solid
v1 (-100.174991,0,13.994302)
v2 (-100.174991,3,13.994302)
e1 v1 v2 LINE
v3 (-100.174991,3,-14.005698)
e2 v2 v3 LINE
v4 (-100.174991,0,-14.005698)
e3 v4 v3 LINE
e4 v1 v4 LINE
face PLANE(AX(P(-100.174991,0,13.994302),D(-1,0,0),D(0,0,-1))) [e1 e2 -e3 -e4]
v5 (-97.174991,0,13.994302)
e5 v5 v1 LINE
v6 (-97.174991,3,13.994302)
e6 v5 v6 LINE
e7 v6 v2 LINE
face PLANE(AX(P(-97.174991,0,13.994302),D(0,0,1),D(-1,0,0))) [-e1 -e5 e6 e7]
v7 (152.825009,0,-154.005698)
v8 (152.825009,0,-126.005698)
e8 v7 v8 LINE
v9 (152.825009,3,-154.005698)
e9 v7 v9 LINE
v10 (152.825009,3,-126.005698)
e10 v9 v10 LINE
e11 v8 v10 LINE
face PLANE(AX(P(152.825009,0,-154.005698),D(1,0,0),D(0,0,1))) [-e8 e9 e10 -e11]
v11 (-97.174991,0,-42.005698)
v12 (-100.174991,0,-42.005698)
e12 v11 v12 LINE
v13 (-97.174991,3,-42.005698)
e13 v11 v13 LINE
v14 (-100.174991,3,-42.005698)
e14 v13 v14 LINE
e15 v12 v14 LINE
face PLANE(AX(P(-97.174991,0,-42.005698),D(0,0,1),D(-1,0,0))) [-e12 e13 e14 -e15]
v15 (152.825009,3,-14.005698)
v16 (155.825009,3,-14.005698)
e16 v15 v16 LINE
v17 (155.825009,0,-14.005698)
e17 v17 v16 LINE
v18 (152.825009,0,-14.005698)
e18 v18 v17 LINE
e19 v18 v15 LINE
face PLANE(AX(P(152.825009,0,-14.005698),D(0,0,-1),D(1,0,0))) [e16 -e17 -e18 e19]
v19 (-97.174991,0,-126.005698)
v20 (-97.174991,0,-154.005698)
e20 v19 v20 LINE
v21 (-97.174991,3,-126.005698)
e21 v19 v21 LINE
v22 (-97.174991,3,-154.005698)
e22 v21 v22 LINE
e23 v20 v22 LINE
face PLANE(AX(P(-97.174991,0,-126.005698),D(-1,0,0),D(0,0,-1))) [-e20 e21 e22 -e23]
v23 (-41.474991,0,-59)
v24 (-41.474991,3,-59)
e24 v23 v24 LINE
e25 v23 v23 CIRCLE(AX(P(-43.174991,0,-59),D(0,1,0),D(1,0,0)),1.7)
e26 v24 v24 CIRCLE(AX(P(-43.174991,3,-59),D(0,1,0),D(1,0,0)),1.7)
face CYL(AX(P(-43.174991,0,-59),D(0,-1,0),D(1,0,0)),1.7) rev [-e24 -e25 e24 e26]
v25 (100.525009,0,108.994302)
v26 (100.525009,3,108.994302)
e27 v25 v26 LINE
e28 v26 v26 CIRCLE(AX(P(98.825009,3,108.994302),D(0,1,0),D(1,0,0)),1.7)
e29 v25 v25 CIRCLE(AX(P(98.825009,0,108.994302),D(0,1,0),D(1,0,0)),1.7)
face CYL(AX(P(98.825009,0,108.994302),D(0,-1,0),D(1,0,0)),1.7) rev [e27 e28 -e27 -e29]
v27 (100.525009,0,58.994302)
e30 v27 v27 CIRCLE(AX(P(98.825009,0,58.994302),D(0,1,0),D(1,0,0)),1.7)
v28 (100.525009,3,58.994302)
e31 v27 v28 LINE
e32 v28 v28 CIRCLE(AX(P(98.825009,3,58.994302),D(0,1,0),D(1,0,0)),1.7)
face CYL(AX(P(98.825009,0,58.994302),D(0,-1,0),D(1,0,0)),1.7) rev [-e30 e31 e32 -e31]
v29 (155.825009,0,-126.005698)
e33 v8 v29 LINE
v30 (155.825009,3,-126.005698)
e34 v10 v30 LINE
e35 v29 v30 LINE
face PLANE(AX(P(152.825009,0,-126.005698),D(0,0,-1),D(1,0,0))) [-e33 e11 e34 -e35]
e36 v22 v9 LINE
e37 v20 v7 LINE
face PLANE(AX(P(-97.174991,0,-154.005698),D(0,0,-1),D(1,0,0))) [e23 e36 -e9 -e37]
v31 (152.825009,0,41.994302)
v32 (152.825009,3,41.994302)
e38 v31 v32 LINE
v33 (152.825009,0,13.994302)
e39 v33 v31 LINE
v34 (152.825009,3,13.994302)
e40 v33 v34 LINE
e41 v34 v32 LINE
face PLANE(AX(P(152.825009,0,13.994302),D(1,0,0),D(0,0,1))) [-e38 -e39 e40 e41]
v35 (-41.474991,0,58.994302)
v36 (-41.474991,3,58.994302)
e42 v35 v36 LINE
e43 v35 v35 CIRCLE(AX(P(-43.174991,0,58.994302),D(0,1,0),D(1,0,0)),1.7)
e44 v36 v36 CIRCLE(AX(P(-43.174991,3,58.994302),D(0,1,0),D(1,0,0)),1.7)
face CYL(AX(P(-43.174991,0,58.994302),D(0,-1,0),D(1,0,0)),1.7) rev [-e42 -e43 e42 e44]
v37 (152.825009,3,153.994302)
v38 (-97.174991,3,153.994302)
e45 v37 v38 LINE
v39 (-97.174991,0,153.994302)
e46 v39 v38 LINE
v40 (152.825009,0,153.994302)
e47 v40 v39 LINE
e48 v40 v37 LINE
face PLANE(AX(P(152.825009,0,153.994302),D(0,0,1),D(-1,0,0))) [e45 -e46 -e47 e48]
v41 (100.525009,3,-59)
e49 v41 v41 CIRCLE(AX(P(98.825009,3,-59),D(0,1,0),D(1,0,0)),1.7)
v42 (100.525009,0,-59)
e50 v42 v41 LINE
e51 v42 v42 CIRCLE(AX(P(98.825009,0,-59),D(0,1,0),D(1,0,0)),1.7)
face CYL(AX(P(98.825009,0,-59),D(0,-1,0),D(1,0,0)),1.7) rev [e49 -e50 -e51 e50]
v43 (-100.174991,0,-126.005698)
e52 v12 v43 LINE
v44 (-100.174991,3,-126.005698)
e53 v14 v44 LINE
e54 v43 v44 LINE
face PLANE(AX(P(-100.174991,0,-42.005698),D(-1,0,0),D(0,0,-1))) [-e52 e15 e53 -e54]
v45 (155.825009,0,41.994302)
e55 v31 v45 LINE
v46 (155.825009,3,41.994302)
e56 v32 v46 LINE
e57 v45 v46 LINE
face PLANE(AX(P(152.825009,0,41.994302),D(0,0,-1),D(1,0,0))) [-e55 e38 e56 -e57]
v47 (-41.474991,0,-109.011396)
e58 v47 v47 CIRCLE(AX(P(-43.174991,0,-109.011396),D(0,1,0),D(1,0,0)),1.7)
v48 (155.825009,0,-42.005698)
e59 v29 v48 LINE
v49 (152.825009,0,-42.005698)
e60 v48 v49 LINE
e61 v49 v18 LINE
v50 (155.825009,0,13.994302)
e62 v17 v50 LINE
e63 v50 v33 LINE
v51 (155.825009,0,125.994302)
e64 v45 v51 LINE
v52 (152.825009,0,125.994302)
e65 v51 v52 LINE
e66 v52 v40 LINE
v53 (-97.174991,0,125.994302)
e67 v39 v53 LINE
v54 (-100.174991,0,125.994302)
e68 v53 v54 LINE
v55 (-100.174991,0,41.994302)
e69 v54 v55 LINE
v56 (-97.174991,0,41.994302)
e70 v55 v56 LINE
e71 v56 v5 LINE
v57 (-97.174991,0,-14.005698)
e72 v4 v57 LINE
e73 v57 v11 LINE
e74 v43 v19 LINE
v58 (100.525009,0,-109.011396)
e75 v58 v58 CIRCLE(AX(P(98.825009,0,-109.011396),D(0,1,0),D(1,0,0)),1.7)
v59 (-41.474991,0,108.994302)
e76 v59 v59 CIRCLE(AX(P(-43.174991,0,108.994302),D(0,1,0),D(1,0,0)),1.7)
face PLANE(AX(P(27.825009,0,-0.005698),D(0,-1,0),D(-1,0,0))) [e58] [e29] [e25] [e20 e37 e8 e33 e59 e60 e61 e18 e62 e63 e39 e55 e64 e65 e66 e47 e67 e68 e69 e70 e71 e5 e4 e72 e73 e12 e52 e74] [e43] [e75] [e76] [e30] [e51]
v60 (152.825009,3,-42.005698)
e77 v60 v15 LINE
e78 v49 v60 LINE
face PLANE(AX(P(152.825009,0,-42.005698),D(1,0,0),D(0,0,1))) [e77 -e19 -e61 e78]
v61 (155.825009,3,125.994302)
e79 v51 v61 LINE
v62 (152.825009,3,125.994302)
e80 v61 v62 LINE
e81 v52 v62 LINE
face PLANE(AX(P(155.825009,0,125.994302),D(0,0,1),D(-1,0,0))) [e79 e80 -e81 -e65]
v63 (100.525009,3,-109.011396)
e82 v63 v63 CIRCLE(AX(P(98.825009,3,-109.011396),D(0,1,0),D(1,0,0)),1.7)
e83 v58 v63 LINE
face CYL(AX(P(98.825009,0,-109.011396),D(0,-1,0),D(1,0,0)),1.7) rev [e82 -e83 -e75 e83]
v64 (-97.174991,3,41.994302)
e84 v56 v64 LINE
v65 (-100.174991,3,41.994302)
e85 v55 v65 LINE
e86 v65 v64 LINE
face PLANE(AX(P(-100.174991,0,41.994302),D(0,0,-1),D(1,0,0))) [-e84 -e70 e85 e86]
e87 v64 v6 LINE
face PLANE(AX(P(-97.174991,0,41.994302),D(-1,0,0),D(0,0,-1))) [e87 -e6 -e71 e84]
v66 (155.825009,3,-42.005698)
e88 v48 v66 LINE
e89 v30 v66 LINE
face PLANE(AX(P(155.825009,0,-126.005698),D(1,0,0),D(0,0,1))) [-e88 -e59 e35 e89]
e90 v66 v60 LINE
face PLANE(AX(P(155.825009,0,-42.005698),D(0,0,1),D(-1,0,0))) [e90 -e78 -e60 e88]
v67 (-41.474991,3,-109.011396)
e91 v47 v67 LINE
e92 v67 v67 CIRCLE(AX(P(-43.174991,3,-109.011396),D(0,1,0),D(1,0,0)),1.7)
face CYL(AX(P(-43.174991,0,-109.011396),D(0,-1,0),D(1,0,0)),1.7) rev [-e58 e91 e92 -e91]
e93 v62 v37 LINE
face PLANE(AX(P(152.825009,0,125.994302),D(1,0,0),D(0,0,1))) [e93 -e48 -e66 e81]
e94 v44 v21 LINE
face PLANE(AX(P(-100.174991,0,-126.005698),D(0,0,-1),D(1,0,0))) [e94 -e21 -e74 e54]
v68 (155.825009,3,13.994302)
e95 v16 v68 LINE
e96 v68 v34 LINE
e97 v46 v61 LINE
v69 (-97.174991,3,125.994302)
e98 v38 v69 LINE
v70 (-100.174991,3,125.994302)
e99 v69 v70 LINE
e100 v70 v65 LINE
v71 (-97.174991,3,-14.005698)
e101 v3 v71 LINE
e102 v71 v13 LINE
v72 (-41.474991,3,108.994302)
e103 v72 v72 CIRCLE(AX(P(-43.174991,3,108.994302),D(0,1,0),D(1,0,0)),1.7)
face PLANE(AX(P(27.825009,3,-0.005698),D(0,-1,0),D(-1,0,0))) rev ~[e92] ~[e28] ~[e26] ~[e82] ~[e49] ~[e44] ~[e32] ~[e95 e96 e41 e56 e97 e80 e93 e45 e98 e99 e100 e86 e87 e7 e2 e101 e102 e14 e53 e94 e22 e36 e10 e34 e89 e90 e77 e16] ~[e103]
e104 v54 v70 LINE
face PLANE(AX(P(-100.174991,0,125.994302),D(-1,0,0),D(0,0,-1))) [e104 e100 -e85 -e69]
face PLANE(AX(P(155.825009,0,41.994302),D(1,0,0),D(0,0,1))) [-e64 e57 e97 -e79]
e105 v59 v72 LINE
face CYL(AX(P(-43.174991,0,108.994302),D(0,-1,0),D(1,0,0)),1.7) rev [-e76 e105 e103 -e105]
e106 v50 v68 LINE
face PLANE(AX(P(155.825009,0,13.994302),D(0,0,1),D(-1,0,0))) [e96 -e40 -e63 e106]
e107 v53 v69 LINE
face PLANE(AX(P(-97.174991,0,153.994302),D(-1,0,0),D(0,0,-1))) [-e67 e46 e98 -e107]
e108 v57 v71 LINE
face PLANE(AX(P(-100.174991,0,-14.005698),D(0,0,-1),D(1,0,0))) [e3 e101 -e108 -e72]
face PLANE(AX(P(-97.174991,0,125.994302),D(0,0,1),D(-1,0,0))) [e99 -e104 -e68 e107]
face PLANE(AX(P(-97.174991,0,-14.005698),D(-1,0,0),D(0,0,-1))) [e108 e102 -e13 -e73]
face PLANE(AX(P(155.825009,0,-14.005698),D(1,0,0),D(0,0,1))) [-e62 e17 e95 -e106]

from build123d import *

# Parameters (mm, degrees)
CROQUIS1_R              = 1.7
SALIENTE_EXTRUIR1_DEPTH = 3


with BuildPart() as part:
    # Croquis1 → Saliente-Extruir1 (new body)
    with BuildSketch(Plane(origin=(0, 0, 0), x_dir=(1, 0, 0), z_dir=(0, 1, 0))):
        Polygon((-97.174990899, 154.00569786), (152.825009101, 154.00569786), (152.825009101, 126.00569786), (155.825009101, 126.00569786), (155.825009101, 42.00569786), (152.825009101, 42.00569786), (152.825009101, 14.00569786), (155.825009101, 14.00569786), (155.825009101, -13.99430214), (152.825009101, -13.99430214), (152.825009101, -41.99430214), (155.825009101, -41.99430214), (155.825009101, -125.99430214), (152.825009101, -125.99430214), (152.825009101, -153.99430214), (-97.174990899, -153.99430214), (-97.174990899, -125.99430214), (-100.174990899, -125.99430214), (-100.174990899, -41.99430214), (-97.174990899, -41.99430214), (-97.174990899, -13.99430214), (-100.174990899, -13.99430214), (-100.174990899, 14.00569786), (-97.174990899, 14.00569786), (-97.174990899, 42.00569786), (-100.174990899, 42.00569786), (-100.174990899, 126.00569786), (-97.174990899, 126.00569786), align=None)
        with Locations((-43.174990899, 109.01139572)):
            Circle(CROQUIS1_R, mode=Mode.SUBTRACT)
        with Locations((-43.174990899, 59)):
            Circle(CROQUIS1_R, mode=Mode.SUBTRACT)
        with Locations((-43.174990899, -58.99430214)):
            Circle(CROQUIS1_R, mode=Mode.SUBTRACT)
        with Locations((-43.174990899, -108.99430214)):
            Circle(CROQUIS1_R, mode=Mode.SUBTRACT)
        with Locations((98.825009101, 59)):
            Circle(CROQUIS1_R, mode=Mode.SUBTRACT)
        with Locations((98.825009101, 109.01139572)):
            Circle(CROQUIS1_R, mode=Mode.SUBTRACT)
        with Locations((98.825009101, -108.99430214)):
            Circle(CROQUIS1_R, mode=Mode.SUBTRACT)
        with Locations((98.825009101, -58.99430214)):
            Circle(CROQUIS1_R, mode=Mode.SUBTRACT)
    extrude(amount=SALIENTE_EXTRUIR1_DEPTH)


solid = part.part
